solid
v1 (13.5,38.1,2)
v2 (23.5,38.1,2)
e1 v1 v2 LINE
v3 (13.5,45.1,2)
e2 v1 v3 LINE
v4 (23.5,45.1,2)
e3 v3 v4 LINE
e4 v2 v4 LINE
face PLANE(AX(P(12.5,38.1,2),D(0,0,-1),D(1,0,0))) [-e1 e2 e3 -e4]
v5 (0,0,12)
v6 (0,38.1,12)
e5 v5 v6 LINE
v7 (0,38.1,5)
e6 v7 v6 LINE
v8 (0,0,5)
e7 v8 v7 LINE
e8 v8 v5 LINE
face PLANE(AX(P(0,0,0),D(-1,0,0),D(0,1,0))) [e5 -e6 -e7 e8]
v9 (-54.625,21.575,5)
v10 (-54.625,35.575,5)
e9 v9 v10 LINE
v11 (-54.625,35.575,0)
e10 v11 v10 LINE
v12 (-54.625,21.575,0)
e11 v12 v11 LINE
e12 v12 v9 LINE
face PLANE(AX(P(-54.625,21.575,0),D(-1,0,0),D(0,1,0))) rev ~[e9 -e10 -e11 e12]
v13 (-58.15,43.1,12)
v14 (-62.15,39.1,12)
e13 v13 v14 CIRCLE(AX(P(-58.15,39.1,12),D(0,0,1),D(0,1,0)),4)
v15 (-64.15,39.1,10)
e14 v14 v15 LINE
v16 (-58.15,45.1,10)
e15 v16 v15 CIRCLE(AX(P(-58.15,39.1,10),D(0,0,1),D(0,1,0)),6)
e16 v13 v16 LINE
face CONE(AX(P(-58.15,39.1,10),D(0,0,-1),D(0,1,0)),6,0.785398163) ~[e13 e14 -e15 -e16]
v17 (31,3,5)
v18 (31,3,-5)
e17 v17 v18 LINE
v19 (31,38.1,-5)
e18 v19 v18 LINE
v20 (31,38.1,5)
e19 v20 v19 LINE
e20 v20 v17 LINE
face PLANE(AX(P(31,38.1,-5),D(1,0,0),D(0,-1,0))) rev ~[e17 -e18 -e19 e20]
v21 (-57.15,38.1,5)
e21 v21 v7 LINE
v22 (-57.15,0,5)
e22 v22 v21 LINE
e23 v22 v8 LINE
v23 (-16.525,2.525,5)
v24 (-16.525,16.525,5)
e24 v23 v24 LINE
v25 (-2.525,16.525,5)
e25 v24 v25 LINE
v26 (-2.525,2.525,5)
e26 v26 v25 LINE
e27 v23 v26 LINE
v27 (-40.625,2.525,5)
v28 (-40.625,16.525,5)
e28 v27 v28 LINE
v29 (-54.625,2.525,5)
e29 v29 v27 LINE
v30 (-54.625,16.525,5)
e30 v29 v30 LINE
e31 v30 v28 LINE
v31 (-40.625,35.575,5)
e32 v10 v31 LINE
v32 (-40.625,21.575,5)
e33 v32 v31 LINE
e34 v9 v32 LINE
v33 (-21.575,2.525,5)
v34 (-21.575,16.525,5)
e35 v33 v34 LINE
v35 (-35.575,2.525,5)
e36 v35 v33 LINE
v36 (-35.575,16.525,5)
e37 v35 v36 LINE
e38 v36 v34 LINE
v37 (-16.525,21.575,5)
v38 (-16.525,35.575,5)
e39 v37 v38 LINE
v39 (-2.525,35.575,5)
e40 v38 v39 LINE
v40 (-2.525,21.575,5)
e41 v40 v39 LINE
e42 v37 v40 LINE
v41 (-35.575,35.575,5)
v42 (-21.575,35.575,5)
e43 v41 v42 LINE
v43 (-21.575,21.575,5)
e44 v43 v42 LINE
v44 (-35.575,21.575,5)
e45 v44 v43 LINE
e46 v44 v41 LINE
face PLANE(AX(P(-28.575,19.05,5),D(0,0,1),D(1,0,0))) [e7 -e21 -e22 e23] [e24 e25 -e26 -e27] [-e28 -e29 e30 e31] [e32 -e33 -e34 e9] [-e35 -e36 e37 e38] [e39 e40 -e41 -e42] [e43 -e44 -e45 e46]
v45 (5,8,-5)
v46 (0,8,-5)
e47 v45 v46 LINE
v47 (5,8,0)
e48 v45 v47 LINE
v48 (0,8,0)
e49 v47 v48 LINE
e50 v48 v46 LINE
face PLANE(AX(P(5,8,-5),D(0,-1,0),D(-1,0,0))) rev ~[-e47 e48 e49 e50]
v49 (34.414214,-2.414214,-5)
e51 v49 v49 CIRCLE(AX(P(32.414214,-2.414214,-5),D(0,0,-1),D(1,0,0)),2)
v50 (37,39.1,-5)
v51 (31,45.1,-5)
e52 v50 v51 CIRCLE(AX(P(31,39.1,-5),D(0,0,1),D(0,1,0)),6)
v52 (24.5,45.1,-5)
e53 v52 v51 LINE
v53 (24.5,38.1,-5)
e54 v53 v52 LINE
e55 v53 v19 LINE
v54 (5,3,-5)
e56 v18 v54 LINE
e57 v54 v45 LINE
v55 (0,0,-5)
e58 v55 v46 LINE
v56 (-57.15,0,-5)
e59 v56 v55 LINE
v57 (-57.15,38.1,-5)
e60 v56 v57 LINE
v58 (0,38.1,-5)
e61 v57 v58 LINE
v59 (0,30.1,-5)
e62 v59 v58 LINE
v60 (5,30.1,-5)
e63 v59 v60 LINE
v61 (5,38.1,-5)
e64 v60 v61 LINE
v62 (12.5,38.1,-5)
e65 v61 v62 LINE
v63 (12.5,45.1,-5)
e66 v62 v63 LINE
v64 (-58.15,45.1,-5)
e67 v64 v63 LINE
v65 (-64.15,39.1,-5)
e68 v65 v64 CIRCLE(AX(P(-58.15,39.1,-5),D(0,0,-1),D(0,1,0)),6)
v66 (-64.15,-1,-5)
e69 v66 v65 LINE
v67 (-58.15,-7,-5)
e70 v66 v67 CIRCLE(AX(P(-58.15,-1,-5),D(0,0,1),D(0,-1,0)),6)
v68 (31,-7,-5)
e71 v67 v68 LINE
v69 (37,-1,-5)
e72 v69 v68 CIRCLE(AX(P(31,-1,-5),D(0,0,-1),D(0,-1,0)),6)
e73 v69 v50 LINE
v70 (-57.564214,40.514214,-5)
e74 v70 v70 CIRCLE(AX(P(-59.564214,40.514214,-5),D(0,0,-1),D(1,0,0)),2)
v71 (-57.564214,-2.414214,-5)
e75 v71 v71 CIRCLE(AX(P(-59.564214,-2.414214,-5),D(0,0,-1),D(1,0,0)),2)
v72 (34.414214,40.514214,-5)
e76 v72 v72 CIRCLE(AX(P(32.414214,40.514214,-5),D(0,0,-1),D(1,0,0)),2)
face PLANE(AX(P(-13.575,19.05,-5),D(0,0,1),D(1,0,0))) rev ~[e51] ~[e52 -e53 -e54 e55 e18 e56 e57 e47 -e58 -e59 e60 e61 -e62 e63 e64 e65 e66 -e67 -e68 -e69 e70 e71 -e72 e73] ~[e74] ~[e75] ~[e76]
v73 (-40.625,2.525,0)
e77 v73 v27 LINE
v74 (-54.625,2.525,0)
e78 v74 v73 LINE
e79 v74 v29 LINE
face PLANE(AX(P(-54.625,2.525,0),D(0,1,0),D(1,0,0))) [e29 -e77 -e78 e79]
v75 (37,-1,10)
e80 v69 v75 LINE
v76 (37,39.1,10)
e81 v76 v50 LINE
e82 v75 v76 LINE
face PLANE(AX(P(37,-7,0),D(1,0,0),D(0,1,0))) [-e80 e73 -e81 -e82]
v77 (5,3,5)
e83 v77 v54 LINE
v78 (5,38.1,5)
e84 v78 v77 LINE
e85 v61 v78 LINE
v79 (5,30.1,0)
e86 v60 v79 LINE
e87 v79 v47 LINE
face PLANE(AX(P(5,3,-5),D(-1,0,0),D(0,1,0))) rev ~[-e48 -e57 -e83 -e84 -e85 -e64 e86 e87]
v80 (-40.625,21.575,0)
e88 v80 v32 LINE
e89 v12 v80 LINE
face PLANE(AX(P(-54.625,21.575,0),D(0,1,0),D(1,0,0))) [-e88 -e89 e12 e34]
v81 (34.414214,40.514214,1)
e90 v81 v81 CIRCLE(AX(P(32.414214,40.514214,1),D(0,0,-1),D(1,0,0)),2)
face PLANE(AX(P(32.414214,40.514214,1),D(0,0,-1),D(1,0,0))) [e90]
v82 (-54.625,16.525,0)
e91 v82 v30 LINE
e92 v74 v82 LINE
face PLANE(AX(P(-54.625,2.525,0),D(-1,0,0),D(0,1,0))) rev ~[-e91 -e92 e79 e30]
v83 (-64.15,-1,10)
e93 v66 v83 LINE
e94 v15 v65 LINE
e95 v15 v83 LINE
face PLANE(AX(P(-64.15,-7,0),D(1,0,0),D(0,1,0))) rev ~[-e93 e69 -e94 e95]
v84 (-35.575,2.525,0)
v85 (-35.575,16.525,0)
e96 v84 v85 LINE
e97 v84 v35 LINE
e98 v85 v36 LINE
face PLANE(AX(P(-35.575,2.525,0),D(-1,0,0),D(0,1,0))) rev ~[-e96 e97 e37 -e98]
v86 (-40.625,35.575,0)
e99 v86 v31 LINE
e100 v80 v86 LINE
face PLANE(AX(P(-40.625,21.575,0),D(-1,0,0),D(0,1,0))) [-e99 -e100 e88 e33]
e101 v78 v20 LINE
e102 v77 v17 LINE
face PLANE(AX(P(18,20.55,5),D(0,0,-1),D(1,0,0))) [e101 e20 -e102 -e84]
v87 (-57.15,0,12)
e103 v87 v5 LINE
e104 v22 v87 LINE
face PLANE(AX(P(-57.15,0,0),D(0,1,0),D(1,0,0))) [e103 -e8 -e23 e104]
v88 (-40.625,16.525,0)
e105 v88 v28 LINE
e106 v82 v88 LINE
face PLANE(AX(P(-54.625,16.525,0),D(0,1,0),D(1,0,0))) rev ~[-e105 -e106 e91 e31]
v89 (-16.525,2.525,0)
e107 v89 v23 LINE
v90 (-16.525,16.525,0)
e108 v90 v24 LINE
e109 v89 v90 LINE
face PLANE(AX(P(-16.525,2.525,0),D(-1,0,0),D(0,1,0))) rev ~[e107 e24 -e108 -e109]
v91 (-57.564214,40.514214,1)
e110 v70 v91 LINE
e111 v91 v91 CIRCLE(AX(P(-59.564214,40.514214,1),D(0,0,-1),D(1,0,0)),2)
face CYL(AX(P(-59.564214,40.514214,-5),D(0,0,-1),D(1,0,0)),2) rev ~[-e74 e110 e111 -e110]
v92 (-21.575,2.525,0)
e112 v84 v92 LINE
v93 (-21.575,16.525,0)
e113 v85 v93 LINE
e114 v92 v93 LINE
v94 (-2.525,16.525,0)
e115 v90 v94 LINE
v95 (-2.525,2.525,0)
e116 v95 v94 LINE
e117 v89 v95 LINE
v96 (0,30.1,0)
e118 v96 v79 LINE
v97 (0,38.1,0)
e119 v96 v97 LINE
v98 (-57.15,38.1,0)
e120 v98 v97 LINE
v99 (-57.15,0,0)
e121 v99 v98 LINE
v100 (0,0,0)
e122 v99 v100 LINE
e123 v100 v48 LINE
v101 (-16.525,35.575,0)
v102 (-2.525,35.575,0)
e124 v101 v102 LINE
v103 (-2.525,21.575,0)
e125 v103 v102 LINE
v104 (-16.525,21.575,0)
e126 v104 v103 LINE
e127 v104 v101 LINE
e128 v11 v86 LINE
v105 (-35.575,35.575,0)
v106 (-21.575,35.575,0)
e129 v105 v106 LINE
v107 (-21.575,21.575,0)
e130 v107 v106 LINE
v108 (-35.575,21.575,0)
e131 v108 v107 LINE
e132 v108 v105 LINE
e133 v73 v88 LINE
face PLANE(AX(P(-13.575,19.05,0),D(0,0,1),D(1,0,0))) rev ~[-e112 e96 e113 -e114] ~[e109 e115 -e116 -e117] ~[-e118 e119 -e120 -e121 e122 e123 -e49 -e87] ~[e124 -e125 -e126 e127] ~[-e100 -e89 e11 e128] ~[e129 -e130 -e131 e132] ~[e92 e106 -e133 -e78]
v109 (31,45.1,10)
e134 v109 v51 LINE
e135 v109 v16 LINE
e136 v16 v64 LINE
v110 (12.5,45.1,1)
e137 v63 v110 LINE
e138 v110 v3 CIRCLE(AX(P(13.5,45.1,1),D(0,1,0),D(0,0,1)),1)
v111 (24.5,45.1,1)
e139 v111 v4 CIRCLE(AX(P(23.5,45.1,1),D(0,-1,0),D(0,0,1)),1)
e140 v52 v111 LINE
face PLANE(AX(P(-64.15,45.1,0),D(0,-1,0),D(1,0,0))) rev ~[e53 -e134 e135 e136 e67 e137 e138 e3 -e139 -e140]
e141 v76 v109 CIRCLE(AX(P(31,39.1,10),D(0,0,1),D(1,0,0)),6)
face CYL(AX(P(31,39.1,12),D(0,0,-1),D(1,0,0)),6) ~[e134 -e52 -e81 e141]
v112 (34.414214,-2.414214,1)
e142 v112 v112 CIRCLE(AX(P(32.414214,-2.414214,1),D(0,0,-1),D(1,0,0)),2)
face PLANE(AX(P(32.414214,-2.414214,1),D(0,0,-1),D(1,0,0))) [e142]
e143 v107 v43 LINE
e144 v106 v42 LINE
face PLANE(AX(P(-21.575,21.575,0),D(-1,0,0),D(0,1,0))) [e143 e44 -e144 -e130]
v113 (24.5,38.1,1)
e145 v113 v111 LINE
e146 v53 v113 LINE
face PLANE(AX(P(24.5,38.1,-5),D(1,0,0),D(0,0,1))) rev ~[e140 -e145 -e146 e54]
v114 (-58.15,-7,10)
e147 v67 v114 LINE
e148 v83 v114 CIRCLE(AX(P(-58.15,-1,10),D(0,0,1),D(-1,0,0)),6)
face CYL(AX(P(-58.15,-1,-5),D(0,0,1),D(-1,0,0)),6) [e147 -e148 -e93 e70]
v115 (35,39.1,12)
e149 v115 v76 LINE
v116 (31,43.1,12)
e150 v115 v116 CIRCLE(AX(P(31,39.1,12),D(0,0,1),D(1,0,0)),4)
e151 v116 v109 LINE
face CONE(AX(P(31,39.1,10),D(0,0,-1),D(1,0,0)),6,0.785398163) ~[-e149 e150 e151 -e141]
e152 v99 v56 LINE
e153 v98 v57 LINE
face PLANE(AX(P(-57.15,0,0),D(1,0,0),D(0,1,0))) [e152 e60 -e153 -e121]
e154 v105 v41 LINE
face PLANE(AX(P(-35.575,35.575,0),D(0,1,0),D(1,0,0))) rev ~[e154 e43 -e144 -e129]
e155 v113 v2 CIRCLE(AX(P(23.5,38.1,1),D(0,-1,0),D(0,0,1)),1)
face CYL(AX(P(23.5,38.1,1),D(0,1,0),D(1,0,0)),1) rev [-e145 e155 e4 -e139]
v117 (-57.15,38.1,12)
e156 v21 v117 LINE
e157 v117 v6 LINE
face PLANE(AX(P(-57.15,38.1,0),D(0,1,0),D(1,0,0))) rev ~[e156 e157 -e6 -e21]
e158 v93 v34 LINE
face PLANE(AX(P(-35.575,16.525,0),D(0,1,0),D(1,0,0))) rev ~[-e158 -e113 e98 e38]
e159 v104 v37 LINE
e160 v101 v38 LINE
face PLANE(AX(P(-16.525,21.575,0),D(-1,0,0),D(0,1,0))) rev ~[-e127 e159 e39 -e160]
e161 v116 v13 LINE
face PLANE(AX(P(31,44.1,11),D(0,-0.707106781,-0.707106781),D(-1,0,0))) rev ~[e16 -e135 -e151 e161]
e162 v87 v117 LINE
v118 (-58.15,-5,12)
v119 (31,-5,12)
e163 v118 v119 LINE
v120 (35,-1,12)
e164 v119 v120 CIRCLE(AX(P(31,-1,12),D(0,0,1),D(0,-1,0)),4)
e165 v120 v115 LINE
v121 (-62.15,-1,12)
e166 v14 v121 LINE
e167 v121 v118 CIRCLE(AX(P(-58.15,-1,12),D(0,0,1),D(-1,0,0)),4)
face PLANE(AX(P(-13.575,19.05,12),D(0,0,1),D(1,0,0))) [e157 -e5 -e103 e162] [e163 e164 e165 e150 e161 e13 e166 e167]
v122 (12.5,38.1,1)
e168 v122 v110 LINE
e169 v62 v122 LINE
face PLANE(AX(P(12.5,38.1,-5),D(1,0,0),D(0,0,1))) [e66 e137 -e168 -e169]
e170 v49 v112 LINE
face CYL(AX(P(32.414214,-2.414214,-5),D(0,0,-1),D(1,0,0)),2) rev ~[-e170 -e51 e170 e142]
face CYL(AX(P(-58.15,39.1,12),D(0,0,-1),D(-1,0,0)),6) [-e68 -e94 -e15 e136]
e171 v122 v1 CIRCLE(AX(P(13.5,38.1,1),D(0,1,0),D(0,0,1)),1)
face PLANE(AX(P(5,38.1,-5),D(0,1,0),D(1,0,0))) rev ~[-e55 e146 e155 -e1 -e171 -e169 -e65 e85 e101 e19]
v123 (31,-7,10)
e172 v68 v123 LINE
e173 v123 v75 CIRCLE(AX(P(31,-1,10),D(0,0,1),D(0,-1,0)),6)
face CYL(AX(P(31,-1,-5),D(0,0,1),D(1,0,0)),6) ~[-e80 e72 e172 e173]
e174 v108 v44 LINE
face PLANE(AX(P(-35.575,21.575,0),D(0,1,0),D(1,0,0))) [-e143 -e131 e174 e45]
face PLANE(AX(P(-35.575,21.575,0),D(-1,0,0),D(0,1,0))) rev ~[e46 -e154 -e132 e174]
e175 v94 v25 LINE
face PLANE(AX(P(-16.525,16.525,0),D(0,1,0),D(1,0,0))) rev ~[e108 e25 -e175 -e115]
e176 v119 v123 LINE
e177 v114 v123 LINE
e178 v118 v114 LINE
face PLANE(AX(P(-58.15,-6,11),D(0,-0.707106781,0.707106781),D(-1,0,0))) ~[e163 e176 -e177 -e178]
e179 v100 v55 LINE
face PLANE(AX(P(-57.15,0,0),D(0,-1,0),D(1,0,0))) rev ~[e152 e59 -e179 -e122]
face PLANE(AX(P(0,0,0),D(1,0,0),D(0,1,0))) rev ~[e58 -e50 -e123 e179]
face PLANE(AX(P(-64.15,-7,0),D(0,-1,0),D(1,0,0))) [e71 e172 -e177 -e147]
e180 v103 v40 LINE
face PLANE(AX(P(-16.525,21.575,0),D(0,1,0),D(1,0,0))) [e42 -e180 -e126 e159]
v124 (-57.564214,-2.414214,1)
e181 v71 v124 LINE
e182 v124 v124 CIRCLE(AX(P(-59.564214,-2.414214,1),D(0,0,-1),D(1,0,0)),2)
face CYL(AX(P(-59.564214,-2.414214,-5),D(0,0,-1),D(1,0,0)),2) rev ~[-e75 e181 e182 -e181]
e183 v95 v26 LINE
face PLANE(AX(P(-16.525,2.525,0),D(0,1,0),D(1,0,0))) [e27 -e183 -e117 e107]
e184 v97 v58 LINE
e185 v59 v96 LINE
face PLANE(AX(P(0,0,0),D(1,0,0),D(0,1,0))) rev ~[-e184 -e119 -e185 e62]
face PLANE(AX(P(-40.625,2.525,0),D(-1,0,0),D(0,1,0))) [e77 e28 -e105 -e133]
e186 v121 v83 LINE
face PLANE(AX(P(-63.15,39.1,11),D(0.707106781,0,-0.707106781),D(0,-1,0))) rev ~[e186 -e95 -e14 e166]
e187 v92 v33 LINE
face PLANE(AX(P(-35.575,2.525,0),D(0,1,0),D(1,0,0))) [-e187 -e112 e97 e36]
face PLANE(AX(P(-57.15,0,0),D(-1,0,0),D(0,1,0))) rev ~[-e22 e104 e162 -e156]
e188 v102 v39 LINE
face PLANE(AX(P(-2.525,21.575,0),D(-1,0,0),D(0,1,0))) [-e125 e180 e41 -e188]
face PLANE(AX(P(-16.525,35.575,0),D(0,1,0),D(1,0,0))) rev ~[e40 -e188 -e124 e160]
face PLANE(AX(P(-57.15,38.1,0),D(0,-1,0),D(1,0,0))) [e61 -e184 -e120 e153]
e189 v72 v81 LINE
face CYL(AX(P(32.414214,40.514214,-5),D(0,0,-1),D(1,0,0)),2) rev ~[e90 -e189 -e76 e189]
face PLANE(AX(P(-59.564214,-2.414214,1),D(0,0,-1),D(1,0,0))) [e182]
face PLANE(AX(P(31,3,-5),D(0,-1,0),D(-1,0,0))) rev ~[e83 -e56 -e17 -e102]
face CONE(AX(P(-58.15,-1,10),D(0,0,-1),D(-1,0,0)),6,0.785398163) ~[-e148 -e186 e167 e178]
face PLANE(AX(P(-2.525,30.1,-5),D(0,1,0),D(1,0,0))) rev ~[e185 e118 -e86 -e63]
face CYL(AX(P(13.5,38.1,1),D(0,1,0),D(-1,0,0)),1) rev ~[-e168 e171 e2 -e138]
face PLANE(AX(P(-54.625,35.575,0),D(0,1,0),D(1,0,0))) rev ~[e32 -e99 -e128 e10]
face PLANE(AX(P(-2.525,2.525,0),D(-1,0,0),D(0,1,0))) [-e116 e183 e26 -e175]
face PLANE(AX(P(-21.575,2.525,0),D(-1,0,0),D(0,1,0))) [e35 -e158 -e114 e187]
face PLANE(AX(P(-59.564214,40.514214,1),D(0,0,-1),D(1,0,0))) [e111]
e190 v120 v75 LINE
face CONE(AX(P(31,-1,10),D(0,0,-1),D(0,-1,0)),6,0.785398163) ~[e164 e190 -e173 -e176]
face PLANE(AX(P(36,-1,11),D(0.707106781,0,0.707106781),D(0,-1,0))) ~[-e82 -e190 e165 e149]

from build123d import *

# Parameters (mm, degrees)
SKETCH011_W       = 57.15
SKETCH011_H       = 38.1
SKETCH011_W_2     = 14
SKETCH011_H_2     = 14
PAD007_DEPTH      = 5
SKETCH012_W       = 101.15
SKETCH012_H       = 52.1
SKETCH012_W_2     = 57.15
SKETCH012_H_2     = 38.1
PAD008_DEPTH      = 12
PAD008_DEPTH_BACK = 5
FILLET001_R       = 6
POCKET005_DEPTH   = 5
SKETCH014_W       = 26
SKETCH014_H       = 35.1
POCKET006_DEPTH   = 5
SKETCH015_W       = 12
SKETCH015_H       = 7
POCKET007_DEPTH   = 7.001
FILLET002_R       = 1
CHAMFER001_SIZE   = 2
SKETCH018_R       = 2
POCKET008_DEPTH   = 6


with BuildPart() as part:
    # Sketch011 → Pad007 (new body)
    with BuildSketch(Plane.XY):
        with Locations((-28.575, 19.05)):
            Rectangle(SKETCH011_W, SKETCH011_H)
        with Locations((-47.625, 28.575)):
            Rectangle(SKETCH011_W_2, SKETCH011_H_2, mode=Mode.SUBTRACT)
        with Locations((-28.575, 28.575)):
            Rectangle(SKETCH011_W_2, SKETCH011_H_2, mode=Mode.SUBTRACT)
        with Locations((-9.525, 28.575)):
            Rectangle(SKETCH011_W_2, SKETCH011_H_2, mode=Mode.SUBTRACT)
        with Locations((-47.625, 9.525)):
            Rectangle(SKETCH011_W_2, SKETCH011_H_2, mode=Mode.SUBTRACT)
        with Locations((-28.575, 9.525)):
            Rectangle(SKETCH011_W_2, SKETCH011_H_2, mode=Mode.SUBTRACT)
        with Locations((-9.525, 9.525)):
            Rectangle(SKETCH011_W_2, SKETCH011_H_2, mode=Mode.SUBTRACT)
    extrude(amount=PAD007_DEPTH)

    # Sketch012 → Pad008 (join, two sides)
    with BuildSketch(Plane.XY) as pad008_sk:
        with Locations((-13.575, 19.05)):
            Rectangle(SKETCH012_W, SKETCH012_H)
        with Locations((-28.575, 19.05)):
            Rectangle(SKETCH012_W_2, SKETCH012_H_2, mode=Mode.SUBTRACT)
    extrude(amount=PAD008_DEPTH)
    extrude(pad008_sk.sketch, amount=-PAD008_DEPTH_BACK)

    # Fillet001
    fillet001_edges = [part.edges().sort_by_distance(p)[0] for p in [
        (37, -7, 3.5),
        (37, 45.1, 3.5),
        (-64.15, -7, 3.5),
        (-64.15, 45.1, 3.5),
    ]]
    fillet(fillet001_edges, radius=FILLET001_R)

    # Sketch013 (on Face2 of Fillet001) → Pocket005 (cut)
    with BuildSketch(Plane(origin=(0, 0, -5), x_dir=(1, 0, 0), z_dir=(0, 0, -1))):
        Polygon((5, -8), (-2.525, -8), (-2.525, -30.1), (5, -30.1), (5, -38.1), (31, -38.1), (31, -3), (5, -3), align=None)
    extrude(amount=-POCKET005_DEPTH, mode=Mode.SUBTRACT)

    # Sketch014 (on Face28 of Pocket005) → Pocket006 (cut)
    with BuildSketch(Plane(origin=(0, 0, 0), x_dir=(1, 0, 0), z_dir=(0, 0, -1))):
        with Locations((18, -20.55)):
            Rectangle(SKETCH014_W, SKETCH014_H)
    extrude(amount=-POCKET006_DEPTH, mode=Mode.SUBTRACT)

    # Sketch015 (on Face16 of Pocket006) → Pocket007 (cut, through all)
    with BuildSketch(Plane.XZ.offset(-38.1)):
        with Locations((18.5, -1.5)):
            Rectangle(SKETCH015_W, SKETCH015_H)
    extrude(amount=-POCKET007_DEPTH, mode=Mode.SUBTRACT)

    # Fillet002
    fillet002_edges = [part.edges().sort_by_distance(p)[0] for p in [
        (24.5, 41.6, 2),
        (12.5, 41.6, 2),
    ]]
    fillet(fillet002_edges, radius=FILLET002_R)

    # Chamfer001
    chamfer001_edges = [part.edges().sort_by_distance(p)[0] for p in [
        (-13.575, -7, 12),
    ]]
    chamfer(chamfer001_edges, length=CHAMFER001_SIZE)

    # Sketch018 (on Face4 of Chamfer001) → Pocket008 (cut)
    with BuildSketch(Plane(origin=(0, 0, -5), x_dir=(1, 0, 0), z_dir=(0, 0, -1))):
        with Locations((-59.564214, 2.414214)):
            Circle(SKETCH018_R)
        with Locations((32.414214, 2.414214)):
            Circle(SKETCH018_R)
        with Locations((32.414214, -40.514214)):
            Circle(SKETCH018_R)
        with Locations((-59.564214, -40.514214)):
            Circle(SKETCH018_R)
    extrude(amount=-POCKET008_DEPTH, mode=Mode.SUBTRACT)


solid = part.part
